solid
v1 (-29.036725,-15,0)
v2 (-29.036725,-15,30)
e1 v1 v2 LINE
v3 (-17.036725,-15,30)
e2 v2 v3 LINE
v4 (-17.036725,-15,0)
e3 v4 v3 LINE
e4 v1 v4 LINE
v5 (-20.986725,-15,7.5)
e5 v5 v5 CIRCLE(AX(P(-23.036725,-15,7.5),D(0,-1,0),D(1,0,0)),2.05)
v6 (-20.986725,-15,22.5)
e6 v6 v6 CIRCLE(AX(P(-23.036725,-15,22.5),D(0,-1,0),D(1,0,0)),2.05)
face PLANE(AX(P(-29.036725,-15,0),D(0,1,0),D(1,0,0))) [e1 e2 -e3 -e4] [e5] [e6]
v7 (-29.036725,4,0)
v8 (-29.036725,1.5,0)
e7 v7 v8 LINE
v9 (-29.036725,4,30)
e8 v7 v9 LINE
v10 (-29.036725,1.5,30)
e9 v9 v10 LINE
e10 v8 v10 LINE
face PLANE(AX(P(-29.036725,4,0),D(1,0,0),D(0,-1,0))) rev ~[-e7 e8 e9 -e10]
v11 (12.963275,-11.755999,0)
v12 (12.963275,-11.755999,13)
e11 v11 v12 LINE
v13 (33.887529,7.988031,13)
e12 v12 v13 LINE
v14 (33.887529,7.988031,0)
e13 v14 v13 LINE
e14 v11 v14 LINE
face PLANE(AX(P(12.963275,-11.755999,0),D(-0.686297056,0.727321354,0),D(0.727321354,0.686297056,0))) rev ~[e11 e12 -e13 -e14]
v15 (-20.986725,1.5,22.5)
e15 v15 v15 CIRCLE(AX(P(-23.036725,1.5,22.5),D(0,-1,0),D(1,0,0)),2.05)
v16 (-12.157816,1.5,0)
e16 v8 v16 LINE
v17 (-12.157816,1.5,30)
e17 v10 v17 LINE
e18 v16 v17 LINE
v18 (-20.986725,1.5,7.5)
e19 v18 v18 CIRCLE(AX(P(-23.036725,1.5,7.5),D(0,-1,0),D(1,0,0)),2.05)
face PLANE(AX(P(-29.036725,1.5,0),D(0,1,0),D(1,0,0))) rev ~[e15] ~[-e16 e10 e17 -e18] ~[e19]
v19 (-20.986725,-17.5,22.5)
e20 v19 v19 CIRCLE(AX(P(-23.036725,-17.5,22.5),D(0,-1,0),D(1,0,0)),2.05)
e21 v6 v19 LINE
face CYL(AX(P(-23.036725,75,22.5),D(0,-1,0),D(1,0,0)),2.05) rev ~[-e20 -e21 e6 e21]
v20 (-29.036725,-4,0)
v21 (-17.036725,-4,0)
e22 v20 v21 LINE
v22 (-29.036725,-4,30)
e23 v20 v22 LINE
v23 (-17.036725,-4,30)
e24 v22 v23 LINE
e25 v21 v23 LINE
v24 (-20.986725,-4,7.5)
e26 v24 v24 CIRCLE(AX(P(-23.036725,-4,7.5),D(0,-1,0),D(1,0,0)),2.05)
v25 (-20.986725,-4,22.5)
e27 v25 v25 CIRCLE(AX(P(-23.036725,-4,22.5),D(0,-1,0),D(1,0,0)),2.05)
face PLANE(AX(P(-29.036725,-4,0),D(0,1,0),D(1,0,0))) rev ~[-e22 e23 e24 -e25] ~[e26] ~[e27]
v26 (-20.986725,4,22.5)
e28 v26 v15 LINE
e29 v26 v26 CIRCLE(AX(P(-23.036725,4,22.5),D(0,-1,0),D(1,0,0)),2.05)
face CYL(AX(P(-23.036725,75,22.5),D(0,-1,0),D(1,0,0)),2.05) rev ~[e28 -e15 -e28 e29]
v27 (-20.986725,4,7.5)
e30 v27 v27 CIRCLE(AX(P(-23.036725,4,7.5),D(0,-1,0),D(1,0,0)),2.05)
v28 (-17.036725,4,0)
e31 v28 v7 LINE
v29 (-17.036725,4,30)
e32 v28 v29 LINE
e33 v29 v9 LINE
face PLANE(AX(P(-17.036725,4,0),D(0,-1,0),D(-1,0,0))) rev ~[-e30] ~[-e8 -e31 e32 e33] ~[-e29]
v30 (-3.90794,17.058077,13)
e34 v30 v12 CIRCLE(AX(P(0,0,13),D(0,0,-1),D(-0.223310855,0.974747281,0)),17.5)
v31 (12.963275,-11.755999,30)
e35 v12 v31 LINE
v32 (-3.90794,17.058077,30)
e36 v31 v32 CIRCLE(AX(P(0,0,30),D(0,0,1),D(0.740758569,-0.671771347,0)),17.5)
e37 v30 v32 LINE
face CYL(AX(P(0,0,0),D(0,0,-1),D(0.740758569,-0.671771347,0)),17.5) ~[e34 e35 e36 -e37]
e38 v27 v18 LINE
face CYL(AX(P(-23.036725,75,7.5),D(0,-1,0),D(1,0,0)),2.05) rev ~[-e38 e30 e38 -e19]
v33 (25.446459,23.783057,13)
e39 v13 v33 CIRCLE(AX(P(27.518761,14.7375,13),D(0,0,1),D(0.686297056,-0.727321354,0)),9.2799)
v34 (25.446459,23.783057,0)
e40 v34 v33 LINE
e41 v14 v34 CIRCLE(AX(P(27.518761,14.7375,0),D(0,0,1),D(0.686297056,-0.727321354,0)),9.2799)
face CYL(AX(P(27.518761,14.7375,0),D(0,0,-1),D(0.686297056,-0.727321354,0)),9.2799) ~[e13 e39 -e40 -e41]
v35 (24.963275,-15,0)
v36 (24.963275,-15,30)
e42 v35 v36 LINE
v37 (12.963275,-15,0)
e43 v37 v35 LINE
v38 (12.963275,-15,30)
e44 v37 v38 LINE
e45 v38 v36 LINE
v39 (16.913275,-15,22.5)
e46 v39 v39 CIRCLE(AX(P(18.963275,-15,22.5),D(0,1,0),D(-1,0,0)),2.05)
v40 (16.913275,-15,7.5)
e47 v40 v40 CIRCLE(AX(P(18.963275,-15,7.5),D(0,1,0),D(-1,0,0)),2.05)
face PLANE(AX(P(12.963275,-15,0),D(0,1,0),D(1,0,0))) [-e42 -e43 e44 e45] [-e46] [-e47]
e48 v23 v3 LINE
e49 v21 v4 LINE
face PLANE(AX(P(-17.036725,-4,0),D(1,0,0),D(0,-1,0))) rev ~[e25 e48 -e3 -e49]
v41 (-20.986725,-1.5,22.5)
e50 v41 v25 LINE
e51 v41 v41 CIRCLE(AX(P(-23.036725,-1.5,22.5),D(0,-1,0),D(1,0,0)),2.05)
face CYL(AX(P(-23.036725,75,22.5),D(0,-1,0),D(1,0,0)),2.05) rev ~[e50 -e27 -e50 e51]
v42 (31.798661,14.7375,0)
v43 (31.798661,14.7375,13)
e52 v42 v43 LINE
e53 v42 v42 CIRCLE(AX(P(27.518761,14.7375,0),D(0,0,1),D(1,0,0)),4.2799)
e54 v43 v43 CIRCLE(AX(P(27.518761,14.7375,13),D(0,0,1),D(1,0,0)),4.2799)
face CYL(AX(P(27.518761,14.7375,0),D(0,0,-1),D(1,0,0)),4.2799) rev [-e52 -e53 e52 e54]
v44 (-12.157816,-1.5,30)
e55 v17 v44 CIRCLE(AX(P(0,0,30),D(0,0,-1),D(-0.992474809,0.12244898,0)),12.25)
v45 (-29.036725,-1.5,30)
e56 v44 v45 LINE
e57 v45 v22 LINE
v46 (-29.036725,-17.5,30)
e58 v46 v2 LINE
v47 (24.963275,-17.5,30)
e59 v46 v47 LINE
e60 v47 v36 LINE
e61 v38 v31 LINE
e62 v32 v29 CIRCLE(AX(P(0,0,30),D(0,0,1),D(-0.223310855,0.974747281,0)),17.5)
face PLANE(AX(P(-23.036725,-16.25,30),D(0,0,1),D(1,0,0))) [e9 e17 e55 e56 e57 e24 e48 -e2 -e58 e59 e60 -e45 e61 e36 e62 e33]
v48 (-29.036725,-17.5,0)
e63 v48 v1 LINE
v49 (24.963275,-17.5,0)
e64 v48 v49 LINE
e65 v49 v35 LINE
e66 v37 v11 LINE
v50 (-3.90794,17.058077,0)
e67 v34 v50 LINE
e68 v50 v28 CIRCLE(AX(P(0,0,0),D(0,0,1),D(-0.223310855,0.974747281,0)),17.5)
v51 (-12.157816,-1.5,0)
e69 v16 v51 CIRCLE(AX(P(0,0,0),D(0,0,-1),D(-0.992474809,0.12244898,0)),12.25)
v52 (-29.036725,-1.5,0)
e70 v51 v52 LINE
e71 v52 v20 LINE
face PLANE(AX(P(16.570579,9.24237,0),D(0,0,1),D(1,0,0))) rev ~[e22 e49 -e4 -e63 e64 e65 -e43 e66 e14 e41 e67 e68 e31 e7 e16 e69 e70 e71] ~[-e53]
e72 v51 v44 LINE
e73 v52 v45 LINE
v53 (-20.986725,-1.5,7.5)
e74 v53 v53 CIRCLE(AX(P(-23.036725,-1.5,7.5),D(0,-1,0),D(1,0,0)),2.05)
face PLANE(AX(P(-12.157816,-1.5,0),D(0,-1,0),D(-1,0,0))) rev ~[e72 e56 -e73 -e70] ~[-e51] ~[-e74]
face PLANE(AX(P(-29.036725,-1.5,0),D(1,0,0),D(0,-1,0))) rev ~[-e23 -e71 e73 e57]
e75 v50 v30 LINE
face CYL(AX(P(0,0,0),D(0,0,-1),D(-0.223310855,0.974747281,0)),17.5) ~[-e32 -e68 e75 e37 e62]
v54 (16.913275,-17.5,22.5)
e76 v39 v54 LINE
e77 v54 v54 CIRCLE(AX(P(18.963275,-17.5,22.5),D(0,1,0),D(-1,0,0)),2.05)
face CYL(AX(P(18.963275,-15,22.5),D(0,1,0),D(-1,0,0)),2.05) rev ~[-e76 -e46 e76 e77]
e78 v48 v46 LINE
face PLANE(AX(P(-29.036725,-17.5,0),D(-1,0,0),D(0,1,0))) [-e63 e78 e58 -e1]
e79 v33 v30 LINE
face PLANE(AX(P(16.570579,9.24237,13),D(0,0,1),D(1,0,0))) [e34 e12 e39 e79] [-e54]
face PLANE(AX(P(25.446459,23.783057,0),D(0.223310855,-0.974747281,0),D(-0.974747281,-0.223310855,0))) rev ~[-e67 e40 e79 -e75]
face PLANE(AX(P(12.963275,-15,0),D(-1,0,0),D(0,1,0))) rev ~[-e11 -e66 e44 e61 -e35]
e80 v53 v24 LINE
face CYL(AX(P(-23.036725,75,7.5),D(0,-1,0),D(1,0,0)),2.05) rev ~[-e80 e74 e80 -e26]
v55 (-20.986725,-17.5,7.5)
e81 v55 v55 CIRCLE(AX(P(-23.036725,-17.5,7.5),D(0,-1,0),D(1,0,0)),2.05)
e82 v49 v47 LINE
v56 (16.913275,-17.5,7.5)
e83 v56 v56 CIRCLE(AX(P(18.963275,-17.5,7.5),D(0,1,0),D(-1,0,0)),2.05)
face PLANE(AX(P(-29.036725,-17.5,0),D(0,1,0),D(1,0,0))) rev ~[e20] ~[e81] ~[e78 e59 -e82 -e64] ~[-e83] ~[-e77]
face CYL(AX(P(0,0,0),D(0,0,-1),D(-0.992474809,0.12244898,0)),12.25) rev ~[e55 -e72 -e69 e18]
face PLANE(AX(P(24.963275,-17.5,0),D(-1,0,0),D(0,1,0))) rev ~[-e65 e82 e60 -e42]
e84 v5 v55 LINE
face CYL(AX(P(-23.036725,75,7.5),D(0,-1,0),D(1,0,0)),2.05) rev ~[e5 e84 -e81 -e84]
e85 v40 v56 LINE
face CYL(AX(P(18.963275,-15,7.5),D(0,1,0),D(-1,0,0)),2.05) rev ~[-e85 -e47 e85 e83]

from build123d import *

# Parameters (mm, degrees)
F0_W     = 12
F0_H     = 2.5
F1_DEPTH = 30
F3_D     = 4.1
F5_D     = 4.1
F5_DEPTH = 2.501
F0_R     = 4.2799
F6_DEPTH = 13


with BuildPart() as f1:
    # F0 (on Top) → F1 (new body)
    with BuildSketch(Plane.XY):
        with Locations((-23.0367250374, -16.25)):
            Rectangle(F0_W, F0_H)
        with Locations((18.9632749626, -16.25)):
            Rectangle(F0_W, F0_H)
        with BuildLine():
            ThreePointArc((-12.1578164158, 1.5), (12.25, 0), (-12.1578164158, -1.5))
            Line((-12.1578164158, -1.5), (-29.0367250374, -1.5))
            Line((-29.0367250374, -1.5), (-29.0367250374, -4))
            Line((-29.0367250374, -4), (-17.0367250374, -4))
            Line((-17.0367250374, -4), (-17.0367250374, -15))
            Line((-17.0367250374, -15), (-17.0367250374, -17.5))
            Line((-17.0367250374, -17.5), (12.9632749626, -17.5))
            Line((12.9632749626, -17.5), (12.9632749626, -15))
            Line((12.9632749626, -15), (12.9632749626, -11.7559985643))
            ThreePointArc((12.9632749626, -11.7559985643), (15.1017388634, 8.8423686477), (-3.9079399616, 17.0580774197))
            ThreePointArc((-3.9079399616, 17.0580774197), (-12.340911411, 12.4077357139), (-17.0367250374, 4))
            Line((-17.0367250374, 4), (-29.0367250374, 4))
            Line((-29.0367250374, 4), (-29.0367250374, 1.5))
            Line((-29.0367250374, 1.5), (-12.1578164158, 1.5))
        make_face()
    extrude(amount=F1_DEPTH)

    # F3 (through all)
    with Locations(Plane(origin=(0, 4, 0), x_dir=(-1, 0, 0), z_dir=(0, 1, 0))):
        with Locations((23.0367250374, 7.5), (23.0367250374, 22.5)):
            Hole(F3_D / 2)

    # F5 (through all, one way)
    with BuildSketch(Plane(origin=(0, -15, 0), x_dir=(-1, 0, 0), z_dir=(0, 1, 0))):
        with Locations((-18.9632749626, 22.5), (-18.9632749626, 7.5)):
            Circle(F5_D / 2)
    extrude(amount=-F5_DEPTH, mode=Mode.SUBTRACT)

    # F0 (on Top) → F6 (join)
    with BuildSketch(Plane.XY):
        with BuildLine():
            Line((25.4464586396, 23.7830572941), (-3.9079399616, 17.0580774197))
            ThreePointArc((-3.9079399616, 17.0580774197), (15.1017388634, 8.8423686477), (12.9632749626, -11.7559985643))
            Line((12.9632749626, -11.7559985643), (33.8875290885, 7.9880305701))
            ThreePointArc((33.8875290885, 7.9880305701), (19.3342866208, 10.3636090033), (25.4464586396, 23.7830572941))
        make_face()
        with BuildLine():
            ThreePointArc((36.7986610424, 14.7375), (33.3017440504, 21.9951615751), (25.4464586396, 23.7830572941))
            ThreePointArc((25.4464586396, 23.7830572941), (19.3342866208, 10.3636090033), (33.8875290885, 7.9880305701))
            ThreePointArc((33.8875290885, 7.9880305701), (36.0398547105, 11.062243994), (36.7986610424, 14.7375))
        make_face()
        with Locations((27.5187610424, 14.7375)):
            Circle(F0_R, mode=Mode.SUBTRACT)
    extrude(amount=F6_DEPTH)


solid = f1.part
